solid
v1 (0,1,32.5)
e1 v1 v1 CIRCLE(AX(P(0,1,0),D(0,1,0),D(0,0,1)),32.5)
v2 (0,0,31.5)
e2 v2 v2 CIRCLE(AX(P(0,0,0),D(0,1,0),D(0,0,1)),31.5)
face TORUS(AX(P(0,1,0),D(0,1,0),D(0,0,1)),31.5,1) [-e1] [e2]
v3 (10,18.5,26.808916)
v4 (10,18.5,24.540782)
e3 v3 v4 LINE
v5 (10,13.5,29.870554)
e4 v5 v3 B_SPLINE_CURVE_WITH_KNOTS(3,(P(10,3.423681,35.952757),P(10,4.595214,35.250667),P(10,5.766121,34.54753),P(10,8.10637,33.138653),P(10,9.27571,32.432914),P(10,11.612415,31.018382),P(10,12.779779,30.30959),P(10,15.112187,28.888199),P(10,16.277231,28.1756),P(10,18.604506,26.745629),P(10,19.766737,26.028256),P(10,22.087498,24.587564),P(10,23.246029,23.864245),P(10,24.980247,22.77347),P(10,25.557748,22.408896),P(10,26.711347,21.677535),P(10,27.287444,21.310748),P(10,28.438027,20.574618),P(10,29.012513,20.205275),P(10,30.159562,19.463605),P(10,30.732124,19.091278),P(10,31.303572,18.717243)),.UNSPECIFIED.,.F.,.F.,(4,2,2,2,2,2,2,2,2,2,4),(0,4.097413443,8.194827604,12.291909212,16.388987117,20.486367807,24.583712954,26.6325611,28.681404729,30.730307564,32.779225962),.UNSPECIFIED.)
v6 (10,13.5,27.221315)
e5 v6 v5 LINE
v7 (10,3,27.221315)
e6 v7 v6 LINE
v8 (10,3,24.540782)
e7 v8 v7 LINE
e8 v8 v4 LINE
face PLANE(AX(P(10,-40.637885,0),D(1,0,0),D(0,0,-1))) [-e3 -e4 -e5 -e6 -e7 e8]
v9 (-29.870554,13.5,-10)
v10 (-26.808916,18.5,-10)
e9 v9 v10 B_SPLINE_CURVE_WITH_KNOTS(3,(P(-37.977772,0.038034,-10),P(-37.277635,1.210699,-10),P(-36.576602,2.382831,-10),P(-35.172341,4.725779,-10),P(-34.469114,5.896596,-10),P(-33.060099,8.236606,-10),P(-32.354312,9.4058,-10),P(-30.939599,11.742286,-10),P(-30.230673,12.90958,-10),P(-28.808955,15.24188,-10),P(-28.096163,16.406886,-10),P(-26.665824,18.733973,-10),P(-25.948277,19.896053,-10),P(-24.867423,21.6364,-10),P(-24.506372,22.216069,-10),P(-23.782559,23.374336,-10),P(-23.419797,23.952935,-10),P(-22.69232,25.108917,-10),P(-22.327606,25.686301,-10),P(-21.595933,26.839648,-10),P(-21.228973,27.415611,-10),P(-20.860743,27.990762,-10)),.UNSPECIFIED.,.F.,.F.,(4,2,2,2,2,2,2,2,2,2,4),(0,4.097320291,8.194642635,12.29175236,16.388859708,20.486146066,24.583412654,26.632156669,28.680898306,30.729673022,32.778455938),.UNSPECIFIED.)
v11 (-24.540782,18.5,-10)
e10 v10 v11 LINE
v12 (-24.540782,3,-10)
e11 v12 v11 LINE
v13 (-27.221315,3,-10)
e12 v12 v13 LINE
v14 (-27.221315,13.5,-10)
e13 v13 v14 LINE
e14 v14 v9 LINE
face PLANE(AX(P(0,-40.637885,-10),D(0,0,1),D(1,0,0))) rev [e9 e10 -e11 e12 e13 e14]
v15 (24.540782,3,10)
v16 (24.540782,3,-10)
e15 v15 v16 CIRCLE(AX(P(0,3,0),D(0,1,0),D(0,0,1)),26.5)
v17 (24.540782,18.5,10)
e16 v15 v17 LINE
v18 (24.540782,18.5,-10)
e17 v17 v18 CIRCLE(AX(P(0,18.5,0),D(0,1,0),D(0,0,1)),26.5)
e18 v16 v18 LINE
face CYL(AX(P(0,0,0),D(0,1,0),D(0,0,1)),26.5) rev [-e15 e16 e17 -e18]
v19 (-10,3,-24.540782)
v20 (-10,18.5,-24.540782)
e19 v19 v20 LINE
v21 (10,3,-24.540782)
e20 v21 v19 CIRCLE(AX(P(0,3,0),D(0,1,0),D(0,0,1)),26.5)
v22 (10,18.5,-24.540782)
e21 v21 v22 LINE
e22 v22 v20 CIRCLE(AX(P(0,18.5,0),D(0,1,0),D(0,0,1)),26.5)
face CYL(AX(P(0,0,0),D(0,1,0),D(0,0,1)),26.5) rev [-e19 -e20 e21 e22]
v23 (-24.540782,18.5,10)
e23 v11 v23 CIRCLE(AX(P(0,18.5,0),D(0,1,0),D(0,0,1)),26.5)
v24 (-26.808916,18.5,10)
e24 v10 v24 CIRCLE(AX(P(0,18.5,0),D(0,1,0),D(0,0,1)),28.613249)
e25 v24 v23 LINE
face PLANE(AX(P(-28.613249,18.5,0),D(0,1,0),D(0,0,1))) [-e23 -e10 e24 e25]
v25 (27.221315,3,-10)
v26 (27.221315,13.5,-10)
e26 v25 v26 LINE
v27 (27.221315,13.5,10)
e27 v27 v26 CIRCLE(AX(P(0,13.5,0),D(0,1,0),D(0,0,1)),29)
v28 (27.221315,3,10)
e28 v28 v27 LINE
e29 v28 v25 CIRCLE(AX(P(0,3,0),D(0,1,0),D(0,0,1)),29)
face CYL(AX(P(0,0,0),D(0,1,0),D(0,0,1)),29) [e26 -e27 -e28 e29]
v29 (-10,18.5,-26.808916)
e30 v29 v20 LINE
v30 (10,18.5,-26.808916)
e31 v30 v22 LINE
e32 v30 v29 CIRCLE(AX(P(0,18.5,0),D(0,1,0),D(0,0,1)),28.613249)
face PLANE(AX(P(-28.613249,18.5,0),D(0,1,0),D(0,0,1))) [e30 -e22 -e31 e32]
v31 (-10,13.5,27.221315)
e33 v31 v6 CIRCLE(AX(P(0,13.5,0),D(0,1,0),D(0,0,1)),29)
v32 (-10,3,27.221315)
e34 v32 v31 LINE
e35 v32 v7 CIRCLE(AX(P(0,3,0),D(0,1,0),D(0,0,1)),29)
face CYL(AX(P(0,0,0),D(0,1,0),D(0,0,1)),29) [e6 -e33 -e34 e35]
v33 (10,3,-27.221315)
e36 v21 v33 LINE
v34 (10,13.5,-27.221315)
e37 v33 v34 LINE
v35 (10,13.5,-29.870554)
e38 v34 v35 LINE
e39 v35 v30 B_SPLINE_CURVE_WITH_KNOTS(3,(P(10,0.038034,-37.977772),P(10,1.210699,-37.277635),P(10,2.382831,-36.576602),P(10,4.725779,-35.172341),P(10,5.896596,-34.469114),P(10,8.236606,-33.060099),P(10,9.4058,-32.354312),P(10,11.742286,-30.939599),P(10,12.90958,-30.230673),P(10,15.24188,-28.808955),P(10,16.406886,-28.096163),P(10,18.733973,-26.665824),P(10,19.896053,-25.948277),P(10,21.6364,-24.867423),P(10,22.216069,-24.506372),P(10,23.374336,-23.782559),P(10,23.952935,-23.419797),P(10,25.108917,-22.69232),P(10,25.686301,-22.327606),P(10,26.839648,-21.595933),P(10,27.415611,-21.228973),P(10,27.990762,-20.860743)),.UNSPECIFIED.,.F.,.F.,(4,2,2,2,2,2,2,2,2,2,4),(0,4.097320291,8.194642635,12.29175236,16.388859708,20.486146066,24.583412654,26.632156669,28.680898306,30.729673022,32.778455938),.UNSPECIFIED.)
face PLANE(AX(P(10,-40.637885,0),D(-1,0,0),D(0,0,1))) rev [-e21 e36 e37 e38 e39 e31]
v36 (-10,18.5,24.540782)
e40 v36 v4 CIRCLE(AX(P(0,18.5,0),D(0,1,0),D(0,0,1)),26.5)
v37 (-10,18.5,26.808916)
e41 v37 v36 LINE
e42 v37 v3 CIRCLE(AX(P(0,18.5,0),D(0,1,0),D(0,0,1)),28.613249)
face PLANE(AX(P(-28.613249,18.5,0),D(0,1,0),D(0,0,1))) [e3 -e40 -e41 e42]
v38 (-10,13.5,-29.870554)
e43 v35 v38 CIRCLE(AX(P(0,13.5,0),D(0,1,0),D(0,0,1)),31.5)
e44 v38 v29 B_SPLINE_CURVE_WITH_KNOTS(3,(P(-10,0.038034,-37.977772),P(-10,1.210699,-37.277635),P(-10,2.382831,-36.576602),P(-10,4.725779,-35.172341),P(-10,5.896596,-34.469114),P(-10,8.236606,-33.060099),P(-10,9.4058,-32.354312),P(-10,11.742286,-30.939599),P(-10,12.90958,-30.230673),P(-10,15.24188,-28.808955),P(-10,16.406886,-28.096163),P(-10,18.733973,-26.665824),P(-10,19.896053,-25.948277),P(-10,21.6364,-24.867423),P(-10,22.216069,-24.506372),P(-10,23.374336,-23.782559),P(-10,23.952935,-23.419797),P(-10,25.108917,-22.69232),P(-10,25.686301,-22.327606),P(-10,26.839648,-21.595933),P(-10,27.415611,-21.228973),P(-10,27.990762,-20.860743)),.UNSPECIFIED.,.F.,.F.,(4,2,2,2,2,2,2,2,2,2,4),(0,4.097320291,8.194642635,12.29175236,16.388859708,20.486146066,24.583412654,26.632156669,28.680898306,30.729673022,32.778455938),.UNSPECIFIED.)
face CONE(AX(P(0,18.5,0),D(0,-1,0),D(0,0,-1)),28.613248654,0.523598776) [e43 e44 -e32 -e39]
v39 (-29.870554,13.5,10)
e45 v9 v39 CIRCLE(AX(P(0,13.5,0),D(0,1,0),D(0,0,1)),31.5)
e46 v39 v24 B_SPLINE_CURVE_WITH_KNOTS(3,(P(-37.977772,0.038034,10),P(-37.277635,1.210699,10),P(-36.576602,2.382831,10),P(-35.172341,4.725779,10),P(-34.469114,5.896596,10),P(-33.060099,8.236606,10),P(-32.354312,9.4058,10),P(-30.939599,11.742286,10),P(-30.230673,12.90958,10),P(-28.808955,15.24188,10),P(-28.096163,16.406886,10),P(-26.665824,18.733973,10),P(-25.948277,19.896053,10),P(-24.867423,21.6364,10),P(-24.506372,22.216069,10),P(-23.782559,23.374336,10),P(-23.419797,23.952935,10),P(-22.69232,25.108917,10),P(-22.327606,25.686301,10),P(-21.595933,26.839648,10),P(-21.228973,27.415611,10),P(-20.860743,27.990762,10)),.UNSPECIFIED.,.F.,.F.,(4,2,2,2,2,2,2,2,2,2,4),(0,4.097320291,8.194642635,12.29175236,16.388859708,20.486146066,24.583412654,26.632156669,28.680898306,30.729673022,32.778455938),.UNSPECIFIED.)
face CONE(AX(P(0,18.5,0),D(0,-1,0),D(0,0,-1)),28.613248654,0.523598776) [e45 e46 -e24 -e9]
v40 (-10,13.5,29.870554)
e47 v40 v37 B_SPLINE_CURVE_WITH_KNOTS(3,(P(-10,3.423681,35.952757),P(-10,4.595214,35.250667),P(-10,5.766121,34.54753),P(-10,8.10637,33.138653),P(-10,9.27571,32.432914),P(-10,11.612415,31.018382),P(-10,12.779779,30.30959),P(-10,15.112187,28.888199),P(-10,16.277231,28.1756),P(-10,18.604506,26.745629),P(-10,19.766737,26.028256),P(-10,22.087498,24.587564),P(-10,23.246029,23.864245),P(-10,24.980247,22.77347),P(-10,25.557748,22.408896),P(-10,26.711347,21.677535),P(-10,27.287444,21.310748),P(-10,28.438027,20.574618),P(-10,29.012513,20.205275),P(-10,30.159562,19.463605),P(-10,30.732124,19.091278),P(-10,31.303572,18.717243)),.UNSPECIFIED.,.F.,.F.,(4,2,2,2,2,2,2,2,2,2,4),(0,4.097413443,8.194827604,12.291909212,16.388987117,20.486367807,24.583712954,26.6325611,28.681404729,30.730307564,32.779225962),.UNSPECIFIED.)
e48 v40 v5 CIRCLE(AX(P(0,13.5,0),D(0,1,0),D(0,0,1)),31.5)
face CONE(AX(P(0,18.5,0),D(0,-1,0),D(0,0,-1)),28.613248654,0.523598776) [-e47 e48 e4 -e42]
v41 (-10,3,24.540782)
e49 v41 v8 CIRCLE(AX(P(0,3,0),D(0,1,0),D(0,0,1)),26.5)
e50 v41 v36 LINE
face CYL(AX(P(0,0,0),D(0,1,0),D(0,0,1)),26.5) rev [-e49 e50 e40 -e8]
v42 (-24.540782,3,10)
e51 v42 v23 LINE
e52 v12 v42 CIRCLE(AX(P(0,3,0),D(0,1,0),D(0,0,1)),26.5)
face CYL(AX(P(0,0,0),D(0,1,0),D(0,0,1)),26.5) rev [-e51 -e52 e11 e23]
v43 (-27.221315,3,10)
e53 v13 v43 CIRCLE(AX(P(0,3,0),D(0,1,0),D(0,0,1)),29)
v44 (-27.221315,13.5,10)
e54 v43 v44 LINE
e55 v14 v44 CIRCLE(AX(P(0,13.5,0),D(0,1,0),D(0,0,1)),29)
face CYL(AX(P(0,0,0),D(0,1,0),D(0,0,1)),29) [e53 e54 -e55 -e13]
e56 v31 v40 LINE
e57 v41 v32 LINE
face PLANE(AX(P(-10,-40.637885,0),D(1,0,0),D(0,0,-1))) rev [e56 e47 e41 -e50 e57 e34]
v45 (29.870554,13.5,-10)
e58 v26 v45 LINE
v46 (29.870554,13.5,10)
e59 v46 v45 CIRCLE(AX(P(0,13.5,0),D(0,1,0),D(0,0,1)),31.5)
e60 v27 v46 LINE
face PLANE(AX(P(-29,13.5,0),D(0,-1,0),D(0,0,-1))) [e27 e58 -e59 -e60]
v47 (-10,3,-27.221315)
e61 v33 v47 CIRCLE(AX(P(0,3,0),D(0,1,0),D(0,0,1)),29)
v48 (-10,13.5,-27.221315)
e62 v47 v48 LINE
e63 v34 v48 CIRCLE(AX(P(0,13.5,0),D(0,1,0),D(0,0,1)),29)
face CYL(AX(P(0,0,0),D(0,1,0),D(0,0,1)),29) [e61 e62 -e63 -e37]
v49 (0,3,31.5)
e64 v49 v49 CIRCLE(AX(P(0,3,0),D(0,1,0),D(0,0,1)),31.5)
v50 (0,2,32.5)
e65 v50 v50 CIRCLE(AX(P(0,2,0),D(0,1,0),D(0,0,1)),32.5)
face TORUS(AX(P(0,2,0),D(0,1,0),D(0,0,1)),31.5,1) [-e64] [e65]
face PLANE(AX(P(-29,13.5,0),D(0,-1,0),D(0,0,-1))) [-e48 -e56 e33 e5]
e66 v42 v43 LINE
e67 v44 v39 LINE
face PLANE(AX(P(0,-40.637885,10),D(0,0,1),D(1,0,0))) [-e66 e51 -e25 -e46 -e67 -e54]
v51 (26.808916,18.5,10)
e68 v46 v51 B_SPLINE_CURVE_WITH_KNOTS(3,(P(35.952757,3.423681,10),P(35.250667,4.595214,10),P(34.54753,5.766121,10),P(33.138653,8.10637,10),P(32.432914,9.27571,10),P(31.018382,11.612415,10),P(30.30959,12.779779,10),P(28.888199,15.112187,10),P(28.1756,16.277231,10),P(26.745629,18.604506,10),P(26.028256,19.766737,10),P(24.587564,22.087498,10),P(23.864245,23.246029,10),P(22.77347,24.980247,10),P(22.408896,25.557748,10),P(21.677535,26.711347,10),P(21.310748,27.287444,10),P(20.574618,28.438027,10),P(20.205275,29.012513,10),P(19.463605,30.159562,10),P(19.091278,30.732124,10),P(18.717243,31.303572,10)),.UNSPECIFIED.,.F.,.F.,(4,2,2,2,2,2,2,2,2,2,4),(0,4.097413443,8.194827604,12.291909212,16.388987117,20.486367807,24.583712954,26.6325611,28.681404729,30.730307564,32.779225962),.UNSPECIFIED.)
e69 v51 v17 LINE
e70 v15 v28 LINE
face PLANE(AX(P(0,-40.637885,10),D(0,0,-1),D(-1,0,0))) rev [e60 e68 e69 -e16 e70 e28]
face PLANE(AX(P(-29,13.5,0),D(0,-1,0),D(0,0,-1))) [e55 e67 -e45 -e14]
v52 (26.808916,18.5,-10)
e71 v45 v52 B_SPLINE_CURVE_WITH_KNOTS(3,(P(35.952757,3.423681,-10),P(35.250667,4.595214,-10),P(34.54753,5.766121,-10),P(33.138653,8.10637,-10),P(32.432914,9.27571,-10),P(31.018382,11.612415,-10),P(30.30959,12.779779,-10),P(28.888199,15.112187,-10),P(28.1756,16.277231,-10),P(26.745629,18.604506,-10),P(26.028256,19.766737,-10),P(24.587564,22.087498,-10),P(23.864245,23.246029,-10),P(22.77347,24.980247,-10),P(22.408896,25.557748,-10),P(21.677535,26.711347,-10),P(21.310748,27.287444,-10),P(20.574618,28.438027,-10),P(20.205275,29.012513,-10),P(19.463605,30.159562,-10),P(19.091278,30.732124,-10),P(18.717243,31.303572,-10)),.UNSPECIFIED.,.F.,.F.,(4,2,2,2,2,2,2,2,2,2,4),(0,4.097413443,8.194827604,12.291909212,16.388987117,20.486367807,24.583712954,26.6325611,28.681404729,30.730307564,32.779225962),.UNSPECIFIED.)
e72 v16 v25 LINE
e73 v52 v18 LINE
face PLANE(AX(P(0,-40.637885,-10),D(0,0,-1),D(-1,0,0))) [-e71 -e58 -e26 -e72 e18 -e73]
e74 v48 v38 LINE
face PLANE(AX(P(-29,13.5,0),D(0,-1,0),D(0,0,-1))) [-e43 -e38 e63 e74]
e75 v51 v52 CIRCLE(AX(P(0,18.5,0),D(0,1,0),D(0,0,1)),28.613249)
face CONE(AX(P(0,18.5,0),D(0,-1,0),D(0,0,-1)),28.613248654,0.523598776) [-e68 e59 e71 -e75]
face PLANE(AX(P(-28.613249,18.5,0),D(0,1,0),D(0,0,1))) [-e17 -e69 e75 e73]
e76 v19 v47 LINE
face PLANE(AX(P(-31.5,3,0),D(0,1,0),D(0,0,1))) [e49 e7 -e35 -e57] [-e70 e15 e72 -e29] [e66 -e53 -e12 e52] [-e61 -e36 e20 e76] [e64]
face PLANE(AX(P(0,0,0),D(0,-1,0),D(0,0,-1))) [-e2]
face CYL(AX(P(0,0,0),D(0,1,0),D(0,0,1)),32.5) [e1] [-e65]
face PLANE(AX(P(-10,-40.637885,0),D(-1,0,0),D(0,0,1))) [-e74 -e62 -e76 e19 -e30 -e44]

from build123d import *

# Parameters (mm, degrees)
CUT_EXTRUDE_1_REACH = 51.545


with BuildPart() as part:
    # Эскиз1 → Повернуть1 (revolve)
    with BuildSketch(Plane.XY, mode=Mode.PRIVATE) as revolve_1_sk:
        with BuildLine():
            Line((0, 0), (-31.5, 0))
            ThreePointArc((-31.5, 0), (-32.207106781, 0.292893219), (-32.5, 1))
            Line((-32.5, 1), (-32.5, 2))
            ThreePointArc((-32.5, 2), (-32.207106781, 2.707106781), (-31.5, 3))
            Line((-31.5, 3), (-29, 3))
            Line((-29, 3), (-29, 13.5))
            Line((-29, 13.5), (-31.5, 13.5))
            Line((-31.5, 13.5), (-28.613248654, 18.5))
            Line((-28.613248654, 18.5), (-26.5, 18.5))
            Line((-26.5, 18.5), (-26.5, 3))
            Line((-26.5, 3), (0, 3))
            Line((0, 3), (0, 0))
        make_face()
    revolve(revolve_1_sk.sketch.rotate(Axis((0, 0, 0), (0, -1, 0)), 270), axis=Axis((0, 0, 0), (0, -1, 0)))

    # Вырез-Вытянуть1: up to this face of the body (flat: up to its plane)
    cut_extrude_1_end = Plane(part.part.faces().sort_by_distance((0, 3, -30.609045456))[0])
    # Эскиз2 → Вырез-Вытянуть1 (cut, up to the picked face)
    with BuildSketch(Plane(origin=(0, 18.5, 0), x_dir=(1, 0, 0), z_dir=(0, 1, 0)), mode=Mode.PRIVATE) as cut_extrude_1_sk1:
        with BuildLine():
            Line((-10, 26.8089164), (-10, 40.856644609))
            ThreePointArc((-10, 40.856644609), (-29.742775667, 29.742775667), (-40.856644609, 10))
            Line((-40.856644609, 10), (-26.8089164, 10))
            ThreePointArc((-26.8089164, 10), (-20.232622155, 20.232622155), (-10, 26.8089164))
        make_face()
    cut_extrude_1_tool1 = split(extrude(cut_extrude_1_sk1.sketch, amount=-CUT_EXTRUDE_1_REACH, mode=Mode.PRIVATE), bisect_by=cut_extrude_1_end, keep=Keep.BOTH, mode=Mode.PRIVATE)
    # Эскиз2 → Вырез-Вытянуть1 (cut, up to the picked face)
    with BuildSketch(Plane(origin=(0, 18.5, 0), x_dir=(1, 0, 0), z_dir=(0, 1, 0)), mode=Mode.PRIVATE) as cut_extrude_1_sk2:
        with BuildLine():
            ThreePointArc((26.8089164, 10), (20.232622155, 20.232622155), (10, 26.8089164))
            Line((10, 26.8089164), (10, 24.540782384))
            ThreePointArc((10, 24.540782384), (18.738329701, 18.738329701), (24.540782384, 10))
            Line((24.540782384, 10), (26.8089164, 10))
        make_face()
    cut_extrude_1_tool2 = split(extrude(cut_extrude_1_sk2.sketch, amount=-CUT_EXTRUDE_1_REACH, mode=Mode.PRIVATE), bisect_by=cut_extrude_1_end, keep=Keep.BOTH, mode=Mode.PRIVATE)
    # Эскиз2 → Вырез-Вытянуть1 (cut, up to the picked face)
    with BuildSketch(Plane(origin=(0, 18.5, 0), x_dir=(1, 0, 0), z_dir=(0, 1, 0)), mode=Mode.PRIVATE) as cut_extrude_1_sk3:
        with BuildLine():
            ThreePointArc((40.856644609, 10), (29.742775667, 29.742775667), (10, 40.856644609))
            Line((10, 40.856644609), (10, 26.8089164))
            ThreePointArc((10, 26.8089164), (20.232622155, 20.232622155), (26.8089164, 10))
            Line((26.8089164, 10), (40.856644609, 10))
        make_face()
    cut_extrude_1_tool3 = split(extrude(cut_extrude_1_sk3.sketch, amount=-CUT_EXTRUDE_1_REACH, mode=Mode.PRIVATE), bisect_by=cut_extrude_1_end, keep=Keep.BOTH, mode=Mode.PRIVATE)
    # Эскиз2 → Вырез-Вытянуть1 (cut, up to the picked face)
    with BuildSketch(Plane(origin=(0, 18.5, 0), x_dir=(1, 0, 0), z_dir=(0, 1, 0)), mode=Mode.PRIVATE) as cut_extrude_1_sk4:
        with BuildLine():
            ThreePointArc((10, -40.856644609), (29.742775667, -29.742775667), (40.856644609, -10))
            Line((40.856644609, -10), (26.8089164, -10))
            ThreePointArc((26.8089164, -10), (20.232622155, -20.232622155), (10, -26.8089164))
            Line((10, -26.8089164), (10, -40.856644609))
        make_face()
    cut_extrude_1_tool4 = split(extrude(cut_extrude_1_sk4.sketch, amount=-CUT_EXTRUDE_1_REACH, mode=Mode.PRIVATE), bisect_by=cut_extrude_1_end, keep=Keep.BOTH, mode=Mode.PRIVATE)
    # Эскиз2 → Вырез-Вытянуть1 (cut, up to the picked face)
    with BuildSketch(Plane(origin=(0, 18.5, 0), x_dir=(1, 0, 0), z_dir=(0, 1, 0)), mode=Mode.PRIVATE) as cut_extrude_1_sk5:
        with BuildLine():
            ThreePointArc((10, -26.8089164), (20.232622155, -20.232622155), (26.8089164, -10))
            Line((26.8089164, -10), (24.540782384, -10))
            ThreePointArc((24.540782384, -10), (18.738329701, -18.738329701), (10, -24.540782384))
            Line((10, -24.540782384), (10, -26.8089164))
        make_face()
    cut_extrude_1_tool5 = split(extrude(cut_extrude_1_sk5.sketch, amount=-CUT_EXTRUDE_1_REACH, mode=Mode.PRIVATE), bisect_by=cut_extrude_1_end, keep=Keep.BOTH, mode=Mode.PRIVATE)
    # Эскиз2 → Вырез-Вытянуть1 (cut, up to the picked face)
    with BuildSketch(Plane(origin=(0, 18.5, 0), x_dir=(1, 0, 0), z_dir=(0, 1, 0)), mode=Mode.PRIVATE) as cut_extrude_1_sk6:
        with BuildLine():
            Line((-26.8089164, -10), (-40.856644609, -10))
            ThreePointArc((-40.856644609, -10), (-29.742775667, -29.742775667), (-10, -40.856644609))
            Line((-10, -40.856644609), (-10, -26.8089164))
            ThreePointArc((-10, -26.8089164), (-20.232622155, -20.232622155), (-26.8089164, -10))
        make_face()
    cut_extrude_1_tool6 = split(extrude(cut_extrude_1_sk6.sketch, amount=-CUT_EXTRUDE_1_REACH, mode=Mode.PRIVATE), bisect_by=cut_extrude_1_end, keep=Keep.BOTH, mode=Mode.PRIVATE)
    # Эскиз2 → Вырез-Вытянуть1 (cut, up to the picked face)
    with BuildSketch(Plane(origin=(0, 18.5, 0), x_dir=(1, 0, 0), z_dir=(0, 1, 0)), mode=Mode.PRIVATE) as cut_extrude_1_sk7:
        with BuildLine():
            Line((-24.540782384, -10), (-26.8089164, -10))
            ThreePointArc((-26.8089164, -10), (-20.232622155, -20.232622155), (-10, -26.8089164))
            Line((-10, -26.8089164), (-10, -24.540782384))
            ThreePointArc((-10, -24.540782384), (-18.738329701, -18.738329701), (-24.540782384, -10))
        make_face()
    cut_extrude_1_tool7 = split(extrude(cut_extrude_1_sk7.sketch, amount=-CUT_EXTRUDE_1_REACH, mode=Mode.PRIVATE), bisect_by=cut_extrude_1_end, keep=Keep.BOTH, mode=Mode.PRIVATE)
    # Эскиз2 → Вырез-Вытянуть1 (cut, up to the picked face)
    with BuildSketch(Plane(origin=(0, 18.5, 0), x_dir=(1, 0, 0), z_dir=(0, 1, 0)), mode=Mode.PRIVATE) as cut_extrude_1_sk8:
        with BuildLine():
            Line((-10, 24.540782384), (-10, 26.8089164))
            ThreePointArc((-10, 26.8089164), (-20.232622155, 20.232622155), (-26.8089164, 10))
            Line((-26.8089164, 10), (-24.540782384, 10))
            ThreePointArc((-24.540782384, 10), (-18.738329701, 18.738329701), (-10, 24.540782384))
        make_face()
    cut_extrude_1_tool8 = split(extrude(cut_extrude_1_sk8.sketch, amount=-CUT_EXTRUDE_1_REACH, mode=Mode.PRIVATE), bisect_by=cut_extrude_1_end, keep=Keep.BOTH, mode=Mode.PRIVATE)
    add(cut_extrude_1_tool1.solids().sort_by(Axis((-24.400112, 18.5, -24.400112), (0, -1, 0)))[0], mode=Mode.SUBTRACT)
    add(cut_extrude_1_tool2.solids().sort_by(Axis((18.950359, 18.5, -18.950359), (0, -1, 0)))[0], mode=Mode.SUBTRACT)
    add(cut_extrude_1_tool3.solids().sort_by(Axis((24.400112, 18.5, -24.400112), (0, -1, 0)))[0], mode=Mode.SUBTRACT)
    add(cut_extrude_1_tool4.solids().sort_by(Axis((24.400112, 18.5, 24.400112), (0, -1, 0)))[0], mode=Mode.SUBTRACT)
    add(cut_extrude_1_tool5.solids().sort_by(Axis((18.950359, 18.5, 18.950359), (0, -1, 0)))[0], mode=Mode.SUBTRACT)
    add(cut_extrude_1_tool6.solids().sort_by(Axis((-24.400112, 18.5, 24.400112), (0, -1, 0)))[0], mode=Mode.SUBTRACT)
    add(cut_extrude_1_tool7.solids().sort_by(Axis((-18.950359, 18.5, 18.950359), (0, -1, 0)))[0], mode=Mode.SUBTRACT)
    add(cut_extrude_1_tool8.solids().sort_by(Axis((-18.950359, 18.5, -18.950359), (0, -1, 0)))[0], mode=Mode.SUBTRACT)


solid = part.part
